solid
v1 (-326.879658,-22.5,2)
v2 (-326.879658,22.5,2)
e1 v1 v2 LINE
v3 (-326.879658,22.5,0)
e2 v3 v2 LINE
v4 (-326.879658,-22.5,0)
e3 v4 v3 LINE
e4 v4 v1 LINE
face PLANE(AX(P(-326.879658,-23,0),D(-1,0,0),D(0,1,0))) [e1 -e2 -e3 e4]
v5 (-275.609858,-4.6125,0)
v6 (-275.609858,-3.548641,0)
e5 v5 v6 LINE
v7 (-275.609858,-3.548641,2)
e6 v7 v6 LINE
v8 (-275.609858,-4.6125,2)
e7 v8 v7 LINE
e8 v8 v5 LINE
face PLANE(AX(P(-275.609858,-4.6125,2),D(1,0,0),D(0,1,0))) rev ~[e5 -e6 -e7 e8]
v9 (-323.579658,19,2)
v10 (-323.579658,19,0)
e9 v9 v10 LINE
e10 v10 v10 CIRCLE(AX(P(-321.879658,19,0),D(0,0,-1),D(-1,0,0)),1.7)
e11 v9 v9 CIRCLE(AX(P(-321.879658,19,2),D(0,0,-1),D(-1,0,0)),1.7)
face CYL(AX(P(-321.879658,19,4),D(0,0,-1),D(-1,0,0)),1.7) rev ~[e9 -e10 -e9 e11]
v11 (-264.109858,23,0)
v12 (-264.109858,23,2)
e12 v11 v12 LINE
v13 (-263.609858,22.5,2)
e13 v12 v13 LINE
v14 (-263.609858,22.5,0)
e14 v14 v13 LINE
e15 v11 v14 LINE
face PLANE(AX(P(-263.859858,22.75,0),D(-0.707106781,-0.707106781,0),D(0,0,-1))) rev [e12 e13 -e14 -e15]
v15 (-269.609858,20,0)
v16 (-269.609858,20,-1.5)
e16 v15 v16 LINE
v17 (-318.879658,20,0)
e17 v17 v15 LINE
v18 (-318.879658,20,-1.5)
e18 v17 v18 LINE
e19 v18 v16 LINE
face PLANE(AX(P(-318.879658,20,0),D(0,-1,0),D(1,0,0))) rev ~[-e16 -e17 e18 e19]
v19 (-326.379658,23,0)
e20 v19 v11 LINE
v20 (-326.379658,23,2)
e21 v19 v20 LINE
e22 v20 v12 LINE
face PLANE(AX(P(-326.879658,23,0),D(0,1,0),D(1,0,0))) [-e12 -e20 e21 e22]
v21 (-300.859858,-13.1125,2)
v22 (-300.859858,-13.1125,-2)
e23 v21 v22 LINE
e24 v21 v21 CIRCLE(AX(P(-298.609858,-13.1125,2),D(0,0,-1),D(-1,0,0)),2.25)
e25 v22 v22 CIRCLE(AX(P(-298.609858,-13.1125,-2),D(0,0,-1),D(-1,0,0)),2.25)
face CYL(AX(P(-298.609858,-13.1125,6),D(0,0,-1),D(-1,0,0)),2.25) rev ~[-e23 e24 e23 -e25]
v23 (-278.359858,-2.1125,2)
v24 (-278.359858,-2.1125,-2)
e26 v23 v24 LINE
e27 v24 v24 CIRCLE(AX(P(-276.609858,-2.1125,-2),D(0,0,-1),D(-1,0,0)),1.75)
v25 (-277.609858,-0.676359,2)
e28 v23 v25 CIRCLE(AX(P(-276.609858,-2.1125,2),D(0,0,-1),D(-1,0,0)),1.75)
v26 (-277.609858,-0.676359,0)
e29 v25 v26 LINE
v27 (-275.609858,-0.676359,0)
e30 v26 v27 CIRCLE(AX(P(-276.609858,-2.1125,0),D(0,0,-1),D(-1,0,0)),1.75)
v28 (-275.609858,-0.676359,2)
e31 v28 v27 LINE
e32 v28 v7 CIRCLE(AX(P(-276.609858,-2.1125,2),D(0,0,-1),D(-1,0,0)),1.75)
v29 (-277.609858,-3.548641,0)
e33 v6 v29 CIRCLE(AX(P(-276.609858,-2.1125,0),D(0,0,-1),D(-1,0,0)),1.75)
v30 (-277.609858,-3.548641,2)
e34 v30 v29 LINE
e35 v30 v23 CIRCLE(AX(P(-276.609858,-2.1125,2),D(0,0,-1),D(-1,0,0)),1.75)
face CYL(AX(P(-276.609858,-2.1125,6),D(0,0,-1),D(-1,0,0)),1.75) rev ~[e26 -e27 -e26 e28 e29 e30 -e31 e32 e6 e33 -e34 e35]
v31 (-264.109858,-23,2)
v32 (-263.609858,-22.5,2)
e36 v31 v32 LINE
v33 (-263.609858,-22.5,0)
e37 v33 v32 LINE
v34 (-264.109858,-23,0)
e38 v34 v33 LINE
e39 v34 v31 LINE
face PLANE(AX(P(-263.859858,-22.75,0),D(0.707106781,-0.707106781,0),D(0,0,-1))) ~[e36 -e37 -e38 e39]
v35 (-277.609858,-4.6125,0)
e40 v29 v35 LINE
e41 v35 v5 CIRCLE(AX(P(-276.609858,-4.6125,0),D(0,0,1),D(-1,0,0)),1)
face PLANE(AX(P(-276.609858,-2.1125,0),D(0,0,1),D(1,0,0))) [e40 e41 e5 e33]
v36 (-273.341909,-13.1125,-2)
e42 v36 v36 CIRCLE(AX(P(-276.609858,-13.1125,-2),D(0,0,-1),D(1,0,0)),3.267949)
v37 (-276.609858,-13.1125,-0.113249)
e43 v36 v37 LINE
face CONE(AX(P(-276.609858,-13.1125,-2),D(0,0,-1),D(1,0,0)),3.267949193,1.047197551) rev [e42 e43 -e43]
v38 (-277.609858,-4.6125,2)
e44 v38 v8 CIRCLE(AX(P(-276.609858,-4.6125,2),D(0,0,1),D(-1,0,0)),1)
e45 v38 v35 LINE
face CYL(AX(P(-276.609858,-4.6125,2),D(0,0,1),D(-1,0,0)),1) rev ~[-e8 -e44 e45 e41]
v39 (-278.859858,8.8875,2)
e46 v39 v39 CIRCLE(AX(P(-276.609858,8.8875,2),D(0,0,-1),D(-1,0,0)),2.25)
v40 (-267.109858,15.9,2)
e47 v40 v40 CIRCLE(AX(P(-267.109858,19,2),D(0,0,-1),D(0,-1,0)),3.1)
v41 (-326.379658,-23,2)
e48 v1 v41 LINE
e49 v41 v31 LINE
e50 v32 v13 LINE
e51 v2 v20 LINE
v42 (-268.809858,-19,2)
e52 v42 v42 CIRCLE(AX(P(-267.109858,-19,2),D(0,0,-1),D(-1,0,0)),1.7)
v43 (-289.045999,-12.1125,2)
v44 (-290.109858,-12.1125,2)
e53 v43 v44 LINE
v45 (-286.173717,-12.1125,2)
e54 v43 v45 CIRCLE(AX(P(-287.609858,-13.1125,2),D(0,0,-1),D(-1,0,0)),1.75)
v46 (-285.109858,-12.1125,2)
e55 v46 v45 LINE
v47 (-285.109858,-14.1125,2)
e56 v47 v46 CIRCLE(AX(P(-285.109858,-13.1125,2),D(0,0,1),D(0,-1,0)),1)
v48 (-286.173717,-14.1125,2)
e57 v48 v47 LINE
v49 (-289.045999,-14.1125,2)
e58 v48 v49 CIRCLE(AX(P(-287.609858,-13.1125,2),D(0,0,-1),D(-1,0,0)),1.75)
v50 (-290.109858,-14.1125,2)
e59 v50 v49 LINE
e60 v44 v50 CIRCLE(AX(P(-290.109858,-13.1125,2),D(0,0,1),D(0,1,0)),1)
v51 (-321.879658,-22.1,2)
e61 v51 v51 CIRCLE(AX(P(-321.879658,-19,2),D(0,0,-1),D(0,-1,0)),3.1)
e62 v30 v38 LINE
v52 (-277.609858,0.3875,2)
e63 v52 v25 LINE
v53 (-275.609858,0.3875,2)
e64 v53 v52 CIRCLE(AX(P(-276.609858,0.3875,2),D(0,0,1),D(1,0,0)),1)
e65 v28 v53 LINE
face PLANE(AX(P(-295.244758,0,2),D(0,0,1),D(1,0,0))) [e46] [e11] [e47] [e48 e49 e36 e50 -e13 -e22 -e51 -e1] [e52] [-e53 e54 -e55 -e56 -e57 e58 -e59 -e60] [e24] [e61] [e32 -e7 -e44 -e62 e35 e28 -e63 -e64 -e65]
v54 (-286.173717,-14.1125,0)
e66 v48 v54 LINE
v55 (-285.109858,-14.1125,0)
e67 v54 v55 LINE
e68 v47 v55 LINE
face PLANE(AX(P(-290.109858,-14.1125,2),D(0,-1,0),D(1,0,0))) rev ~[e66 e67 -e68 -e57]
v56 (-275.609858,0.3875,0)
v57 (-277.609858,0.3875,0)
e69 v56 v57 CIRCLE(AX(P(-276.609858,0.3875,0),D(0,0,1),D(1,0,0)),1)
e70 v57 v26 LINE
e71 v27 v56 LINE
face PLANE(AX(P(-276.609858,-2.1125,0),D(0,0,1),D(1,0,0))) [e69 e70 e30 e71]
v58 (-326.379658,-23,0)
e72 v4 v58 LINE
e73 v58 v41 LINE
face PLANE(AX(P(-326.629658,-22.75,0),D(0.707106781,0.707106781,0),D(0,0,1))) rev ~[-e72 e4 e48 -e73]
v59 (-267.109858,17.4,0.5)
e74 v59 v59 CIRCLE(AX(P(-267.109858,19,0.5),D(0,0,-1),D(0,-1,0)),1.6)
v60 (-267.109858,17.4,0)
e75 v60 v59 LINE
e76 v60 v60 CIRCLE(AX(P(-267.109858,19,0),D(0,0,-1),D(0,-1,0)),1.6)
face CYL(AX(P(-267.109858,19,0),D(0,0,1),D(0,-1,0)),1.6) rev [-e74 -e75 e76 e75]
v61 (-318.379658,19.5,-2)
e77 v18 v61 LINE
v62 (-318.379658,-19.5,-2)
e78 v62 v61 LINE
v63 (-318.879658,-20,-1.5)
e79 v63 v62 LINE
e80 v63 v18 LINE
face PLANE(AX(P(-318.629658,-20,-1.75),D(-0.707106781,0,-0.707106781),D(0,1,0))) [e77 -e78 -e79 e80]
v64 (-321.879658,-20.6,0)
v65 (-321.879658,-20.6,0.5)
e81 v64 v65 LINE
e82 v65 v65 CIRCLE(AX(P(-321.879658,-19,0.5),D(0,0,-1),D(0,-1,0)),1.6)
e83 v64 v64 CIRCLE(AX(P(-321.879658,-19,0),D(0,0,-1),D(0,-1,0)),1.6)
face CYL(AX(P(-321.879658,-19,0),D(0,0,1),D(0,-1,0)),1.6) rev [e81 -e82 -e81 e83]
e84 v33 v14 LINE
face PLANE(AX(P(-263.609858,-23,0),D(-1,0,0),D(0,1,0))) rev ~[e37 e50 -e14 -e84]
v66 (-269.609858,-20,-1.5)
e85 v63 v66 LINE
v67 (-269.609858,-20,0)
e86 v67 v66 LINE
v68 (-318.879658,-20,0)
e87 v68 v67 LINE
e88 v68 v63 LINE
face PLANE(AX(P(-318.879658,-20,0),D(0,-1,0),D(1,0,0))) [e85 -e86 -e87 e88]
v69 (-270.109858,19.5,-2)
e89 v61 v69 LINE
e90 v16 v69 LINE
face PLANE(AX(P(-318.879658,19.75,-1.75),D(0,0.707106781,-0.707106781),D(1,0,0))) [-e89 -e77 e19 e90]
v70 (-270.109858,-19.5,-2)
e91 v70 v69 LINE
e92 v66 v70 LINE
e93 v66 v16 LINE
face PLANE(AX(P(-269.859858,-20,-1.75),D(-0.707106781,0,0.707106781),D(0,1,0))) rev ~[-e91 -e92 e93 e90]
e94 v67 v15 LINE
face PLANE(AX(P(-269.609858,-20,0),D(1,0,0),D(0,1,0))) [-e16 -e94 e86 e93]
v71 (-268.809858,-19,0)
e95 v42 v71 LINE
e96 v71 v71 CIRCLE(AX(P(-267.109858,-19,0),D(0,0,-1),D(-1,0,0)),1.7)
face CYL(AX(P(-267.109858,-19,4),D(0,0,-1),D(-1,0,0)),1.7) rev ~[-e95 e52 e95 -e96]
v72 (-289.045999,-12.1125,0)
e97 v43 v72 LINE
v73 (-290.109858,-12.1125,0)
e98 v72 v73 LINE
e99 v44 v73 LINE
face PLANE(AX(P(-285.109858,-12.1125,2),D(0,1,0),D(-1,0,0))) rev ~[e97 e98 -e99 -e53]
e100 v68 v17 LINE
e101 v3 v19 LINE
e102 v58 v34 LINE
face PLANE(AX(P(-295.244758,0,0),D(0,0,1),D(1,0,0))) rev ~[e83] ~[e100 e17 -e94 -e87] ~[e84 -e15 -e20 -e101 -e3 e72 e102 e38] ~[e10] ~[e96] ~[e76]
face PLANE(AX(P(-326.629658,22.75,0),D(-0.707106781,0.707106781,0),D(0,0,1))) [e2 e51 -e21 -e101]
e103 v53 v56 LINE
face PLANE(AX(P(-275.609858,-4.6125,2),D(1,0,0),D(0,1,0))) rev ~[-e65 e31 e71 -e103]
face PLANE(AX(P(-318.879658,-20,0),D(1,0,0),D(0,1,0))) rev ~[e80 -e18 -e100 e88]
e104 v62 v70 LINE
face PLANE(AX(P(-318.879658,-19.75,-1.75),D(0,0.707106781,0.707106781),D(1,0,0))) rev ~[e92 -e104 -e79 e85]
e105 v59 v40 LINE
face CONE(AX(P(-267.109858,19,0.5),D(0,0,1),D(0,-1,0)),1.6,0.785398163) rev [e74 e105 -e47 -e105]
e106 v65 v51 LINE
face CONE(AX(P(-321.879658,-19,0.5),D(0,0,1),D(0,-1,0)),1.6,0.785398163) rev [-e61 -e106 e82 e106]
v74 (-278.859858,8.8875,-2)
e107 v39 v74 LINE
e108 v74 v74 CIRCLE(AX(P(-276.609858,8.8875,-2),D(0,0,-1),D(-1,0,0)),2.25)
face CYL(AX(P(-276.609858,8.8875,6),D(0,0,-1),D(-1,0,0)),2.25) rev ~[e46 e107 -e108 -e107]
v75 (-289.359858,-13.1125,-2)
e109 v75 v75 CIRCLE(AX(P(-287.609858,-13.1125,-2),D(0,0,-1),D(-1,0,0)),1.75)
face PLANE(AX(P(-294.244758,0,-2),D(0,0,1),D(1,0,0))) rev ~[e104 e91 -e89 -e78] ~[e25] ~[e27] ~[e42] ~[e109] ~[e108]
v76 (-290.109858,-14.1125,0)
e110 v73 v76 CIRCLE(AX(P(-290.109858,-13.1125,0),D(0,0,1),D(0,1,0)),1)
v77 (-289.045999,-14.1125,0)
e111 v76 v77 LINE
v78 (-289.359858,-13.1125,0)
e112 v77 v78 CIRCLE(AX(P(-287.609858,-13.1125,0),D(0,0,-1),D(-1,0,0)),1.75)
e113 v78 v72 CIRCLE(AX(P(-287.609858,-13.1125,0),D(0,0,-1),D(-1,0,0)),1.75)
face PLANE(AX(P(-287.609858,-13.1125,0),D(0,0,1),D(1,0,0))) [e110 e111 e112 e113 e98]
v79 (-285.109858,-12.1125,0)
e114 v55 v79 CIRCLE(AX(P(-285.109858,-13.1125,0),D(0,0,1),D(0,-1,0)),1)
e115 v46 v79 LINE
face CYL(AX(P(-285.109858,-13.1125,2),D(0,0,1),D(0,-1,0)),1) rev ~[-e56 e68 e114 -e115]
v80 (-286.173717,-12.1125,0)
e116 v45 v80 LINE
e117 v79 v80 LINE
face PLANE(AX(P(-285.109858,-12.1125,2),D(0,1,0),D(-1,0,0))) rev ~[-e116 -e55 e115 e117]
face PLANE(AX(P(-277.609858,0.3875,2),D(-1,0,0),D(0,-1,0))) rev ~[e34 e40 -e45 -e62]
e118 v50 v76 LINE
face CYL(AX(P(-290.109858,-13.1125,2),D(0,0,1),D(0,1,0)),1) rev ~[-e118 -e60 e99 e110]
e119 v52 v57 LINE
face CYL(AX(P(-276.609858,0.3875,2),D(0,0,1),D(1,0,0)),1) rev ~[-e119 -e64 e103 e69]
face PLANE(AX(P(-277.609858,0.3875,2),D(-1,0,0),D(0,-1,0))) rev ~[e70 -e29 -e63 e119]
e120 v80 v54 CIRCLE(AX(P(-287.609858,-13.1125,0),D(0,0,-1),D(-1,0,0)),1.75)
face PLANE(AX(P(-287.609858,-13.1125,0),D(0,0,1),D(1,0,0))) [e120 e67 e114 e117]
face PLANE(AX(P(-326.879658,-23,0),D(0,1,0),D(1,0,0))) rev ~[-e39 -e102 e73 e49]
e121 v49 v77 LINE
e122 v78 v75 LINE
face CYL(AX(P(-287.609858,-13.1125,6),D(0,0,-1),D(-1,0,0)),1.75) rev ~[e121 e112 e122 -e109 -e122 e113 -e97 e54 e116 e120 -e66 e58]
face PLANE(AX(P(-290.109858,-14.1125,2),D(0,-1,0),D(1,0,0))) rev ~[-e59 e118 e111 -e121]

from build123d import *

# Parameters (mm, degrees)
SKICA1_W                                  = 49.2698
SKICA1_H                                  = 40
P_IDAT_VYSUNUT_M1_DEPTH                   = 2
ZKOSEN_1_SIZE                             = 0.5
SKICA4_W                                  = 63.2698
SKICA4_H                                  = 46
P_IDAT_VYSUNUT_M2_DEPTH                   = 2
KU_ELOV_ZAHLOUBEN_PRO_M3_ROUBU_SE_2_COUNT = 2
KU_ELOV_ZAHLOUBEN_PRO_M3_ROUBU_SE_2_PITCH = 66.661315559
F_3_4_3_4_PR_M_R_D_RY1_D                  = 3.4
F_3_4_3_4_PR_M_R_D_RY1_DEPTH              = 2
ODEBRAT_VYSUNUT_M1_DEPTH                  = 2
F_3_5_3_5_PR_M_R_D_RY1_D                  = 3.5
F_3_5_3_5_PR_M_R_D_RY1_DEPTH              = 4
F_4_5_4_5_PR_M_R_D_RY1_D                  = 4.5
F_4_5_4_5_PR_M_R_D_RY1_DEPTH              = 4
ZKOSEN_2_SIZE                             = 0.5


with BuildPart() as part:
    # Skica1 → Přidat vysunutím1 (new body)
    with BuildSketch(Plane.XY):
        with Locations((-294.244757855, 0)):
            Rectangle(SKICA1_W, SKICA1_H)
    extrude(amount=-P_IDAT_VYSUNUT_M1_DEPTH)

    # Zkosení1
    zkosen_1_edges = [part.edges().sort_by_distance(p)[0] for p in [
        (-269.609857855, 0, -2),
        (-294.244757855, 20, -2),
        (-318.879657855, 0, -2),
        (-294.244757855, -20, -2),
    ]]
    chamfer(zkosen_1_edges, length=ZKOSEN_1_SIZE)

    # Skica3 → Odebrat rotací2 (revolve, cut)
    with BuildSketch(Plane(origin=(0, -13.1125, 0), x_dir=(-1, 0, 0), z_dir=(0, -1, 0))):
        Polygon((273.341908662, 2), (276.609857855, 0.113248654), (276.609857855, 2), align=None)
    revolve(axis=Axis((-276.609857855, -13.1125, -0.113248654), (0, 0, -1)), mode=Mode.SUBTRACT)

    # Skica4 → Přidat vysunutím2 (add)
    with BuildSketch(Plane.XY):
        with Locations((-295.244757855, 0)):
            Rectangle(SKICA4_W, SKICA4_H)
    extrude(amount=P_IDAT_VYSUNUT_M2_DEPTH)

    # Skica7 → Kuželové zahloubení pro M3 šroubu se zápustnou hlavou plochou1 (revolve, cut)
    with BuildSketch(Plane(origin=(-321.879657855, -19, 2), x_dir=(0, -1, 0), z_dir=(1, 0, 0))):
        Polygon((0, 0), (0, 2), (1.6, 2), (1.6, 1.5), (3.1, 0), align=None)
    ku_elov_zahlouben_pro_m3_roubu_se_z_p = revolve(axis=Axis((-321.879657855, -19, 8.35), (0, 0, -1)), mode=Mode.SUBTRACT)

    # Ku_elov_ zahlouben_ pro M3 _roubu se 2: Kuželové zahloubení pro M3 šroubu se zápustnou hlavou plochou1 ×2
    with Locations(*[Vector(0.821612948, 0.570045756, 0) * (i * KU_ELOV_ZAHLOUBEN_PRO_M3_ROUBU_SE_2_PITCH) for i in range(1, KU_ELOV_ZAHLOUBEN_PRO_M3_ROUBU_SE_2_COUNT)]):
        add(ku_elov_zahlouben_pro_m3_roubu_se_z_p, mode=Mode.SUBTRACT)

    # Ø3.4 (3.4) průměr díry1
    with Locations(Plane(origin=(-267.109857855, -19, 2), x_dir=(1, 0, 0), z_dir=(0, 0, 1))):
        with Locations((0, 0), (-54.7698, 38)):
            Hole(F_3_4_3_4_PR_M_R_D_RY1_D / 2, depth=F_3_4_3_4_PR_M_R_D_RY1_DEPTH)

    # Skica9 → Odebrat vysunutím1 (cut)
    with BuildSketch(Plane.XY.offset(2)):
        with BuildLine():
            Line((-290.109857855, -14.1125), (-285.109857855, -14.1125))
            ThreePointArc((-285.109857855, -14.1125), (-284.109857855, -13.1125), (-285.109857855, -12.1125))
            Line((-285.109857855, -12.1125), (-290.109857855, -12.1125))
            ThreePointArc((-290.109857855, -12.1125), (-291.109857855, -13.1125), (-290.109857855, -14.1125))
        make_face()
        with BuildLine():
            Line((-277.609857855, 0.3875), (-277.609857855, -4.6125))
            ThreePointArc((-277.609857855, -4.6125), (-276.609857855, -5.6125), (-275.609857855, -4.6125))
            Line((-275.609857855, -4.6125), (-275.609857855, 0.3875))
            ThreePointArc((-275.609857855, 0.3875), (-276.609857855, 1.3875), (-277.609857855, 0.3875))
        make_face()
    extrude(amount=-ODEBRAT_VYSUNUT_M1_DEPTH, mode=Mode.SUBTRACT)

    # Ø3.5 (3.5) průměr díry1
    with Locations(Plane(origin=(-287.609857855, -13.1125, 2), x_dir=(1, 0, 0), z_dir=(0, 0, 1))):
        with Locations((0, 0), (11, 11)):
            Hole(F_3_5_3_5_PR_M_R_D_RY1_D / 2, depth=F_3_5_3_5_PR_M_R_D_RY1_DEPTH)

    # Ø4.5 (4.5) průměr díry1
    with Locations(Plane(origin=(-276.609857855, 8.8875, 2), x_dir=(1, 0, 0), z_dir=(0, 0, 1))):
        with Locations((0, 0), (-22, -22)):
            Hole(F_4_5_4_5_PR_M_R_D_RY1_D / 2, depth=F_4_5_4_5_PR_M_R_D_RY1_DEPTH)

    # Zkosení2
    zkosen_2_edges = [part.edges().sort_by_distance(p)[0] for p in [
        (-263.609857855, -23, 1),
        (-263.609857855, 23, 1),
        (-326.879657855, 23, 1),
        (-326.879657855, -23, 1),
    ]]
    chamfer(zkosen_2_edges, length=ZKOSEN_2_SIZE)


solid = part.part
